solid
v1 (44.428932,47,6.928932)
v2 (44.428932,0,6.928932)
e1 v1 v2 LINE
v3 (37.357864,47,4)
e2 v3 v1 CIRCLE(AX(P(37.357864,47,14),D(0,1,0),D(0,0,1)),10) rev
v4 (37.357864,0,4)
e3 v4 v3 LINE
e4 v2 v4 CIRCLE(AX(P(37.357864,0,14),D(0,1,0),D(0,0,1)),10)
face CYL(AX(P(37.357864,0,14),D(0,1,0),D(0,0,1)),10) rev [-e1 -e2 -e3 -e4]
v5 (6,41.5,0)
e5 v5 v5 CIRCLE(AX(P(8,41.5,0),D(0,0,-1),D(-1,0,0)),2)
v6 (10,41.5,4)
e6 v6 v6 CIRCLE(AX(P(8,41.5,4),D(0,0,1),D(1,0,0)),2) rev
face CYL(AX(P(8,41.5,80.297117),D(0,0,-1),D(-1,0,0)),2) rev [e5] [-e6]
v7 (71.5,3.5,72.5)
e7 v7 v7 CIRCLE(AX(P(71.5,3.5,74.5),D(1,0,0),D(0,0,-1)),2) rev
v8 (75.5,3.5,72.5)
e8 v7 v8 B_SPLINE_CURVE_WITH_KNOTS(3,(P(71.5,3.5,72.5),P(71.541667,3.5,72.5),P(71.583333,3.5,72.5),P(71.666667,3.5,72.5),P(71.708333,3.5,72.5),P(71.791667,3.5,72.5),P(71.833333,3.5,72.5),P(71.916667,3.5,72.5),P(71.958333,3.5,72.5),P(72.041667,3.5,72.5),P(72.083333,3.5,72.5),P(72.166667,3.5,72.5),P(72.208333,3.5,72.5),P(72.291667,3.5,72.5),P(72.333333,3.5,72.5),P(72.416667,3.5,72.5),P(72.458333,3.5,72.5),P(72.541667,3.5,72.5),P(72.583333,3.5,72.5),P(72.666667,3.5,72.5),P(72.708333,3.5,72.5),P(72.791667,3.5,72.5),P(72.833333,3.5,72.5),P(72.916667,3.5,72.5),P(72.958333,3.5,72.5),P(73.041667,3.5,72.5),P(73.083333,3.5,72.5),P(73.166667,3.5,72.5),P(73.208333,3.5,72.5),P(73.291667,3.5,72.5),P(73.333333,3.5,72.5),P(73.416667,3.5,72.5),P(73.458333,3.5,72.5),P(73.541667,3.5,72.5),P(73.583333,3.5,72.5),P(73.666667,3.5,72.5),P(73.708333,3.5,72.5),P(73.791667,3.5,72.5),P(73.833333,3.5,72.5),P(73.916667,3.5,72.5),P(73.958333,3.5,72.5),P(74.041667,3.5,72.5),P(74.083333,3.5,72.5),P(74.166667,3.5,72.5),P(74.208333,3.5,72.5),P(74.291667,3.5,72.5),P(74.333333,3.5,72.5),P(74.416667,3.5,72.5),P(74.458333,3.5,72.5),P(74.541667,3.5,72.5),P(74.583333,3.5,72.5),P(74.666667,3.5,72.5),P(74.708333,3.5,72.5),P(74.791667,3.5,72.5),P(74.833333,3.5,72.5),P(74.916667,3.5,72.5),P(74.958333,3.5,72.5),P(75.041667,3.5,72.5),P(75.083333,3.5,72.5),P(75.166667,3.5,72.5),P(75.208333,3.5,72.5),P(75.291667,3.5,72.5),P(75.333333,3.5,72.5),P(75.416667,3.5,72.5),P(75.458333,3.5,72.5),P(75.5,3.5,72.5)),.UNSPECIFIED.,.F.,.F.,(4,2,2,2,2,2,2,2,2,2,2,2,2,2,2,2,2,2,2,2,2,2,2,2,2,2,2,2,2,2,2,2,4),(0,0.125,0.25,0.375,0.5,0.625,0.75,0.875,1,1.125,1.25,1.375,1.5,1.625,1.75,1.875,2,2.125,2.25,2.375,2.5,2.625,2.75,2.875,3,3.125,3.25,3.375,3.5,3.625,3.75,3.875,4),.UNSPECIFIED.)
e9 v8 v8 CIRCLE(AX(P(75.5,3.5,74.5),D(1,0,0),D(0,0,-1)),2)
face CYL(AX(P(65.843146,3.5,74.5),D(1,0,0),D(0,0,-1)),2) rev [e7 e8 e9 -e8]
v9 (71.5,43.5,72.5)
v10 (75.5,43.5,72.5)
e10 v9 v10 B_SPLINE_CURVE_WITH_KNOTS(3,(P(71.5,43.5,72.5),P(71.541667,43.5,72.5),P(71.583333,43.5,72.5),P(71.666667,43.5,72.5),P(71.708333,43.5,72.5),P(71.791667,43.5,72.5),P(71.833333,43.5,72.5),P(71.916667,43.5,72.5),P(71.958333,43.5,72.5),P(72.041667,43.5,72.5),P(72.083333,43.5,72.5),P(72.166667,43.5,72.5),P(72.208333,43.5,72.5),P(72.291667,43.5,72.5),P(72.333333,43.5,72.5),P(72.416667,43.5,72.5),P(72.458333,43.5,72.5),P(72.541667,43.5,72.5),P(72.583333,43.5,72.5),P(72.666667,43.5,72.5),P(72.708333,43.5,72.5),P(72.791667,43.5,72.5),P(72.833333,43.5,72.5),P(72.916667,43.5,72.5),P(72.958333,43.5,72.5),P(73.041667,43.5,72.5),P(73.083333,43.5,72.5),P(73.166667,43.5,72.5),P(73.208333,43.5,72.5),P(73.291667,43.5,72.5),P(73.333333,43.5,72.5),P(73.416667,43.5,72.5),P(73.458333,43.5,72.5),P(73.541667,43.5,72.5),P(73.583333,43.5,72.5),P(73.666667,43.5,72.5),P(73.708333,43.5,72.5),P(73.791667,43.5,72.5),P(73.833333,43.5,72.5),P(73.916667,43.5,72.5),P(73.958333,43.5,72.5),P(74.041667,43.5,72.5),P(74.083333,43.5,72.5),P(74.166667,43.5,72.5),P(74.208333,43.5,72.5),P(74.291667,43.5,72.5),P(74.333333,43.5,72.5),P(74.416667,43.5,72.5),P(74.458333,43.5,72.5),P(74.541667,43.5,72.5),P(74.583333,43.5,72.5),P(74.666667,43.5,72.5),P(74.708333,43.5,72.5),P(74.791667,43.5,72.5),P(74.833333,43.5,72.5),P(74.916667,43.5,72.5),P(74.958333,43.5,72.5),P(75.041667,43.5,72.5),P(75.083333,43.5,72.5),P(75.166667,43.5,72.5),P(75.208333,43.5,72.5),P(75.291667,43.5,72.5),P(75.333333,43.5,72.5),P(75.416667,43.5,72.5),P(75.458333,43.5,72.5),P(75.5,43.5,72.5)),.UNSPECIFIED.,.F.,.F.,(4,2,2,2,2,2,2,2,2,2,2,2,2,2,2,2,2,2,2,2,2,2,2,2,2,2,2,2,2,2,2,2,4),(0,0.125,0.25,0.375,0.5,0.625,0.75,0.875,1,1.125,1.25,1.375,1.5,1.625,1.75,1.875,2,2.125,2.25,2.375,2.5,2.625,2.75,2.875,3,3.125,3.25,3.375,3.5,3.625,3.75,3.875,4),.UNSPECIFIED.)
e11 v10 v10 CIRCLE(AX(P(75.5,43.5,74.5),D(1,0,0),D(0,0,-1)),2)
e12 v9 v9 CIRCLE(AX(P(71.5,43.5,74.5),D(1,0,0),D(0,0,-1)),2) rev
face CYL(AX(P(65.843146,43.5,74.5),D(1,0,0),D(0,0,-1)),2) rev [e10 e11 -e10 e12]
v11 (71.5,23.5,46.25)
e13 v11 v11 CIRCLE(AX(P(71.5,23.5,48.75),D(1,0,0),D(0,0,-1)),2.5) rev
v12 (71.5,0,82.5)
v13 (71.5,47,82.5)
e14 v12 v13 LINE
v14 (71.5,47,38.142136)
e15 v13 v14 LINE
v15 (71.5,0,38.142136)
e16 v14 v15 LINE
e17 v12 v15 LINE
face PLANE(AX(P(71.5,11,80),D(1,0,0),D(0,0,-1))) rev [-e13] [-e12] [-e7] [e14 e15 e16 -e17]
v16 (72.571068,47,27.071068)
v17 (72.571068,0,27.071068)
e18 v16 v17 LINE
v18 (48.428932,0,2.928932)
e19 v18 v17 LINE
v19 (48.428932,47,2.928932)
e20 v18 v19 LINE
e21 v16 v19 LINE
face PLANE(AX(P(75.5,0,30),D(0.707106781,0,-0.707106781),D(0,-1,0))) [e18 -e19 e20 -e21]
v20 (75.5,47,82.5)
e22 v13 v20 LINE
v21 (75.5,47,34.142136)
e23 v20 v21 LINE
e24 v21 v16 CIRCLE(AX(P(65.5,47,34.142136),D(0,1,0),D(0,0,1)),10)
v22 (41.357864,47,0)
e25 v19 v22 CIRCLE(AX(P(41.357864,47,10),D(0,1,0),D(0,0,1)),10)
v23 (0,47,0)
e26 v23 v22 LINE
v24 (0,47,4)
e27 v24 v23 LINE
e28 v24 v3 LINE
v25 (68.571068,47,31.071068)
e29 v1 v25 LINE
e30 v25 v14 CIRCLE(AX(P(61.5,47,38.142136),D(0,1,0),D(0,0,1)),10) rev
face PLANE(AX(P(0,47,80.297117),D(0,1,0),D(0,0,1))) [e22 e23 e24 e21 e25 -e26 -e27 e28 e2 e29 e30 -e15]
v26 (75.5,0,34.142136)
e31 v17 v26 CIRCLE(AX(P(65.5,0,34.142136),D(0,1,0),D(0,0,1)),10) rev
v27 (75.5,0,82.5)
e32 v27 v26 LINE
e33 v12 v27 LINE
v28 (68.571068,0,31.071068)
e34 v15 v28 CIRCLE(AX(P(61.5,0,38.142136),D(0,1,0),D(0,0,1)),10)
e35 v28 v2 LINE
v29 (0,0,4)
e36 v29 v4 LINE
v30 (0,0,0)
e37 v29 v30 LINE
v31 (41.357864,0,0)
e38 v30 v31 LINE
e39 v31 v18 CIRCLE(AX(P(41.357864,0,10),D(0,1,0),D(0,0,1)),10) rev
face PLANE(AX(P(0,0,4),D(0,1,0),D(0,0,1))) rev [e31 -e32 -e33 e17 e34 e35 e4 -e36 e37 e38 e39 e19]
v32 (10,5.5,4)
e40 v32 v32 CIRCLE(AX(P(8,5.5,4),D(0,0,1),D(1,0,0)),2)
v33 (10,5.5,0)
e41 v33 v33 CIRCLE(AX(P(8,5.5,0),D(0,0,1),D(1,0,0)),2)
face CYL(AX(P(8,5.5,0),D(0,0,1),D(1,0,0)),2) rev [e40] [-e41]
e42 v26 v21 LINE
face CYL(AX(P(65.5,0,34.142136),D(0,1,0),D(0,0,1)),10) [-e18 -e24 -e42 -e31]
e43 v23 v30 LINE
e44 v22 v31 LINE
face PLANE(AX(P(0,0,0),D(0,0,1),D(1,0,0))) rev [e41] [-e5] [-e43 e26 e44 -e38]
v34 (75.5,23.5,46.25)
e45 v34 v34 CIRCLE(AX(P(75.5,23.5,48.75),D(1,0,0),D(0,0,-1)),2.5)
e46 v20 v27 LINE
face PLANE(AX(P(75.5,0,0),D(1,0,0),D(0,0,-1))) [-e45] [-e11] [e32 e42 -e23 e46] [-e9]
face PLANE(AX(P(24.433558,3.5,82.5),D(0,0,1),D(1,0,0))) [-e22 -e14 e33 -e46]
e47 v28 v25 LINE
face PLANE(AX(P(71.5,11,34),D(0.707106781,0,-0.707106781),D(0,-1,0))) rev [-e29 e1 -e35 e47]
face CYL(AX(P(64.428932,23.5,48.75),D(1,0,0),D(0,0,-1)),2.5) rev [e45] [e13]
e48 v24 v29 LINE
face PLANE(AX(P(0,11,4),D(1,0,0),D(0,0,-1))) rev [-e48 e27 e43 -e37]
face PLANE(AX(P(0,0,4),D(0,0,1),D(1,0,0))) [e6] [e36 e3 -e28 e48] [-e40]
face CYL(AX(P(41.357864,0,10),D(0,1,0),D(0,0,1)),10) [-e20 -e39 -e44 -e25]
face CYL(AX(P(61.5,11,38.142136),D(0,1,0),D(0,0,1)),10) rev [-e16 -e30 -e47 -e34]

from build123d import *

# Parameters (mm, degrees)
SKETCH2_W            = 71.5
SKETCH2_H            = 11
BOSS_EXTRUDE2_DEPTH  = 4
SKETCH3_R            = 2
CUT_EXTRUDE1_DEPTH   = 4
SKETCH4_W            = 4
SKETCH4_H            = 4
BOSS_EXTRUDE3_DEPTH  = 11
SKETCH5_W            = 4
SKETCH5_H            = 11
BOSS_EXTRUDE4_DEPTH  = 76
SKETCH7_W            = 75.5
SKETCH7_H            = 11
SKETCH7_R            = 2
BOSS_EXTRUDE5_DEPTH  = 4
SKETCH8_W            = 80
SKETCH8_H            = 11
BOSS_EXTRUDE8_DEPTH  = 4
BOSS_EXTRUDE9_DEPTH  = 25
SKETCH10_R           = 2.5
CUT_EXTRUDE3_DEPTH   = 4
CHAMFER1_SIZE        = 30
SKETCH13_R           = 2
CUT_EXTRUDE4_DEPTH   = 4
BOSS_EXTRUDE10_DEPTH = 4
FILLET1_R            = 10


with BuildPart() as part:
    # Sketch2 → Boss-Extrude2 (new body)
    with BuildSketch(Plane.XY):
        with Locations((35.75, 5.5)):
            Rectangle(SKETCH2_W, SKETCH2_H)
    extrude(amount=BOSS_EXTRUDE2_DEPTH)

    # Sketch3 → Cut-Extrude1 (cut)
    with BuildSketch(Plane.XY.offset(4)):
        with Locations((8, 5.5)):
            Circle(SKETCH3_R)
    extrude(amount=-CUT_EXTRUDE1_DEPTH, mode=Mode.SUBTRACT)

    # Sketch4 → Boss-Extrude3 (add)
    with BuildSketch(Plane(origin=(0, 11, 0), x_dir=(1, 0, 0), z_dir=(0, 1, 0))):
        with Locations((73.5, -2)):
            Rectangle(SKETCH4_W, SKETCH4_H)
    extrude(amount=-BOSS_EXTRUDE3_DEPTH)

    # Sketch5 → Boss-Extrude4 (add)
    with BuildSketch(Plane.XY.offset(4)):
        with Locations((73.5, 5.5)):
            Rectangle(SKETCH5_W, SKETCH5_H)
    extrude(amount=BOSS_EXTRUDE4_DEPTH)



with BuildPart() as body_2:
    # Sketch7 → Boss-Extrude5 (new body)
    with BuildSketch(Plane(origin=(0, 0, 0), x_dir=(-1, 0, 0), z_dir=(0, 0, -1))):
        with Locations((-37.75, 41.5)):
            Rectangle(SKETCH7_W, SKETCH7_H)
        with Locations((-8, 41.5)):
            Circle(SKETCH7_R, mode=Mode.SUBTRACT)
    extrude(amount=-BOSS_EXTRUDE5_DEPTH)

    # Sketch8 → Boss-Extrude8 (add)
    with BuildSketch(Plane(origin=(75.5, 0, 0), x_dir=(0, 0, -1), z_dir=(1, 0, 0))):
        with Locations((-40, 41.5)):
            Rectangle(SKETCH8_W, SKETCH8_H)
    extrude(amount=-BOSS_EXTRUDE8_DEPTH)


with BuildPart() as part_1:
    add(part.part)

    add(body_2.part)  # Boss-Extrude9 merges body 2
    # Sketch9 → Boss-Extrude9 (add)
    with BuildSketch(Plane(origin=(0, 11, 0), x_dir=(1, 0, 0), z_dir=(0, 1, 0))):
        Polygon((75.5, 0), (0, 0), (0, -4), (71.5, -4), (71.5, -80), (75.5, -80), align=None)
    extrude(amount=BOSS_EXTRUDE9_DEPTH)

    # Sketch10 → Cut-Extrude3 (cut)
    with BuildSketch(Plane(origin=(75.5, 0, 0), x_dir=(0, 0, -1), z_dir=(1, 0, 0))):
        with Locations((-48.75, 23.5)):
            Circle(SKETCH10_R)
    extrude(amount=-CUT_EXTRUDE3_DEPTH, mode=Mode.SUBTRACT)

    # Chamfer1
    chamfer1_edges = [part_1.edges().sort_by_distance(p)[0] for p in [
        (75.5, 23.5, 0),
        (71.5, 23.5, 4),
    ]]
    chamfer(chamfer1_edges, length=CHAMFER1_SIZE)

    # Sketch13 → Cut-Extrude4 (cut)
    with BuildSketch(Plane(origin=(75.5, 0, 0), x_dir=(0, 0, -1), z_dir=(1, 0, 0))):
        with Locations((-74.5, 3.5)):
            Circle(SKETCH13_R)
        with Locations((-74.5, 43.5)):
            Circle(SKETCH13_R)
    extrude(amount=-CUT_EXTRUDE4_DEPTH, mode=Mode.SUBTRACT)

    # Sketch14 → Boss-Extrude10 (add)
    with BuildSketch(Plane(origin=(75.5, 0, 0), x_dir=(0, 0, -1), z_dir=(1, 0, 0))):
        Polygon((-82.5, 3.5), (-82.5, 47), (-80, 47), (-80, 0), (-82.5, 0), align=None)
    extrude(amount=-BOSS_EXTRUDE10_DEPTH)

    # Fillet1
    fillet1_edges = [part_1.edges().sort_by_distance(p)[0] for p in [
        (71.5, 23.5, 34),
        (41.5, 23.5, 4),
        (75.5, 23.5, 30),
        (45.5, 23.5, 0),
    ]]
    fillet(fillet1_edges, radius=FILLET1_R)


solid = part_1.part
